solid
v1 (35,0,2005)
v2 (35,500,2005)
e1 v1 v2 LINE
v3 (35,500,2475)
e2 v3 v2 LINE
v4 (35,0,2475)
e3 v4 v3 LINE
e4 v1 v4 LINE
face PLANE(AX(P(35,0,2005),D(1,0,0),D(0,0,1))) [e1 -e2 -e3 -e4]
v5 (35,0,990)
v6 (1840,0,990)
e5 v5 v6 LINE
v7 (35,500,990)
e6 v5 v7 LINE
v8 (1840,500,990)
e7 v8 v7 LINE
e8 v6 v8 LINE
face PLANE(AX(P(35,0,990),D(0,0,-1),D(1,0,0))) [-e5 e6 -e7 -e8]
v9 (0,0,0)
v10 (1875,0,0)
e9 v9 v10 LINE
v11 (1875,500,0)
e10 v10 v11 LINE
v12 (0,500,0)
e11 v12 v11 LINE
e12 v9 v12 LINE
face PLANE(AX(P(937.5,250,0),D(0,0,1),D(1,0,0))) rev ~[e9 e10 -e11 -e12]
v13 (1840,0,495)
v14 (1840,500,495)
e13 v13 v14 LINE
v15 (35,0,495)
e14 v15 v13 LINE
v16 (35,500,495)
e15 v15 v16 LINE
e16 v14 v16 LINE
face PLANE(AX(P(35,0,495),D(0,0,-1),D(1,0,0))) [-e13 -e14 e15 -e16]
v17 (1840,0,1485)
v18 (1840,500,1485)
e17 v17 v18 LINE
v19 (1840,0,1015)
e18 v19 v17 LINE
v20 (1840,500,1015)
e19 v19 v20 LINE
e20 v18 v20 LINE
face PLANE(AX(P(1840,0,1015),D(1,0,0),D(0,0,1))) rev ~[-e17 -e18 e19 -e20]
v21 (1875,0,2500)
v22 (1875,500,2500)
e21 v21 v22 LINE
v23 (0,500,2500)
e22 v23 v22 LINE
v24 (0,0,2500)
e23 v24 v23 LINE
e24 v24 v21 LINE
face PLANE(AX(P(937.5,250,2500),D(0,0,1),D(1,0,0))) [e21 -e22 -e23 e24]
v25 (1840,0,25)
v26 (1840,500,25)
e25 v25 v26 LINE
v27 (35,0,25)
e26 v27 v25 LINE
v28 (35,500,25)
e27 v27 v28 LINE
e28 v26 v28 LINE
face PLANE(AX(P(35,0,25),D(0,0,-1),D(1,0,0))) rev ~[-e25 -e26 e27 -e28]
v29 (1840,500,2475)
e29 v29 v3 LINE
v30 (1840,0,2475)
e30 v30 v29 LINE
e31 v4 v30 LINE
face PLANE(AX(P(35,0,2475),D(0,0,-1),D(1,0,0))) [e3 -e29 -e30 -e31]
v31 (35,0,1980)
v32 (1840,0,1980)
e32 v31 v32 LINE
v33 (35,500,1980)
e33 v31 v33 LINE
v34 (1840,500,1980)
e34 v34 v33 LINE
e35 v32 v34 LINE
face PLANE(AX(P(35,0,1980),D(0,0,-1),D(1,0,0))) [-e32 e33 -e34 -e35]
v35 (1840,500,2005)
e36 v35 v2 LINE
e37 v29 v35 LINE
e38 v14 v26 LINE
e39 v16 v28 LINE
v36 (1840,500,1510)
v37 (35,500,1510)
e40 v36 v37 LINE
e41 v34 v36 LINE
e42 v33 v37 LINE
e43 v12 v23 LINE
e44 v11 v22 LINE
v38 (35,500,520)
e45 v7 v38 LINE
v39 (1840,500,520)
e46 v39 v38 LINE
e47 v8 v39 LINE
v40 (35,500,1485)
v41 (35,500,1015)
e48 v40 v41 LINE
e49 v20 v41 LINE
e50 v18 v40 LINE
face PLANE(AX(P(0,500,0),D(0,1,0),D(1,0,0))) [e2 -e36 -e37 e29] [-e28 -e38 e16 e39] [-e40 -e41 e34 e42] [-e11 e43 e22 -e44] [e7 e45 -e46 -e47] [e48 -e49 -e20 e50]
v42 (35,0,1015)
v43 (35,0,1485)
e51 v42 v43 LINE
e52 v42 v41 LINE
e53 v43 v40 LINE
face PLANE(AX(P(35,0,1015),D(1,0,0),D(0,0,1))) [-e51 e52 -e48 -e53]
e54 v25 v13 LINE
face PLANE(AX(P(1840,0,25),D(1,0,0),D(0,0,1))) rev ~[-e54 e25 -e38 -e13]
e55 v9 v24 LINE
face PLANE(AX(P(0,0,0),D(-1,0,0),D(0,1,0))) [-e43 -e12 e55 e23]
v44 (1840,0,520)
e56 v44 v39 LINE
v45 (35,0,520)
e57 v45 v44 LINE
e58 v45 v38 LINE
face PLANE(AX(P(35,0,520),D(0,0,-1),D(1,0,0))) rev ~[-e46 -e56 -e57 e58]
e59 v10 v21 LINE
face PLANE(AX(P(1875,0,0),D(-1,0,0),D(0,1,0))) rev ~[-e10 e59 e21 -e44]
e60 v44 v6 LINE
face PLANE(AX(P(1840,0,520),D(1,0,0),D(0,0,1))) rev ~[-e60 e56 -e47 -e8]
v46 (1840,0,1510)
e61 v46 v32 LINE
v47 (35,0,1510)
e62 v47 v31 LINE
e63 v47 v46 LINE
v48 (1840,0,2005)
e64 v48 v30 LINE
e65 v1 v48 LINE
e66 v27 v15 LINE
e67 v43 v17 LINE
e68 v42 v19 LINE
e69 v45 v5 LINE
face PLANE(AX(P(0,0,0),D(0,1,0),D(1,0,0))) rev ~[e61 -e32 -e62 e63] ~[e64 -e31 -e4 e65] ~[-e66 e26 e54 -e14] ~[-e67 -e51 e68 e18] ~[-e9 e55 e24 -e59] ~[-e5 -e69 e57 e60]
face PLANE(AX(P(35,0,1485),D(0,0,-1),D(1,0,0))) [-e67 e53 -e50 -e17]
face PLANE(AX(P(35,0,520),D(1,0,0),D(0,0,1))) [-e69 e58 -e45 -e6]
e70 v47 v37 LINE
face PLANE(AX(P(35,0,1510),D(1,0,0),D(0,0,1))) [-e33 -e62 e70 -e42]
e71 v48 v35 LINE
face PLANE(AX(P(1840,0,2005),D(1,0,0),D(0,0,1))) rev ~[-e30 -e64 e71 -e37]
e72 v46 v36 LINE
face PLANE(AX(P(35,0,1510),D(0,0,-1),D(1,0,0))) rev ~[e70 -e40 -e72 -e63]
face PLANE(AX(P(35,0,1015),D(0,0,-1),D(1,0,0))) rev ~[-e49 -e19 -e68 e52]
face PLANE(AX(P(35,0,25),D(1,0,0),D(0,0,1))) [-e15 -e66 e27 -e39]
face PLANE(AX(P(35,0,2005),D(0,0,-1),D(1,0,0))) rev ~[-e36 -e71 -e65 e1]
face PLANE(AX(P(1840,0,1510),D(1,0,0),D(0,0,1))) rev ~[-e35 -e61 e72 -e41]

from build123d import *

# Parameters (mm, degrees)
F0_W     = 1875
F0_H     = 500
F1_DEPTH = 2500
F2_W     = 1805
F2_H     = 470
F3_DEPTH = 600


with BuildPart() as f1:
    # F0 (on Top) → F1 (new body)
    with BuildSketch(Plane.XY):
        with Locations((937.5, 250)):
            Rectangle(F0_W, F0_H)
    extrude(amount=F1_DEPTH)

    # F2 (on face) → F3 (cut)
    with BuildSketch(Plane.XZ):
        with Locations((937.5, 260)):
            Rectangle(F2_W, F2_H)
        with Locations((937.5, 755)):
            Rectangle(F2_W, F2_H)
        with Locations((937.5, 1250)):
            Rectangle(F2_W, F2_H)
        with Locations((937.5, 1745)):
            Rectangle(F2_W, F2_H)
        with Locations((937.5, 2240)):
            Rectangle(F2_W, F2_H)
    extrude(amount=-F3_DEPTH, mode=Mode.SUBTRACT)


solid = f1.part
